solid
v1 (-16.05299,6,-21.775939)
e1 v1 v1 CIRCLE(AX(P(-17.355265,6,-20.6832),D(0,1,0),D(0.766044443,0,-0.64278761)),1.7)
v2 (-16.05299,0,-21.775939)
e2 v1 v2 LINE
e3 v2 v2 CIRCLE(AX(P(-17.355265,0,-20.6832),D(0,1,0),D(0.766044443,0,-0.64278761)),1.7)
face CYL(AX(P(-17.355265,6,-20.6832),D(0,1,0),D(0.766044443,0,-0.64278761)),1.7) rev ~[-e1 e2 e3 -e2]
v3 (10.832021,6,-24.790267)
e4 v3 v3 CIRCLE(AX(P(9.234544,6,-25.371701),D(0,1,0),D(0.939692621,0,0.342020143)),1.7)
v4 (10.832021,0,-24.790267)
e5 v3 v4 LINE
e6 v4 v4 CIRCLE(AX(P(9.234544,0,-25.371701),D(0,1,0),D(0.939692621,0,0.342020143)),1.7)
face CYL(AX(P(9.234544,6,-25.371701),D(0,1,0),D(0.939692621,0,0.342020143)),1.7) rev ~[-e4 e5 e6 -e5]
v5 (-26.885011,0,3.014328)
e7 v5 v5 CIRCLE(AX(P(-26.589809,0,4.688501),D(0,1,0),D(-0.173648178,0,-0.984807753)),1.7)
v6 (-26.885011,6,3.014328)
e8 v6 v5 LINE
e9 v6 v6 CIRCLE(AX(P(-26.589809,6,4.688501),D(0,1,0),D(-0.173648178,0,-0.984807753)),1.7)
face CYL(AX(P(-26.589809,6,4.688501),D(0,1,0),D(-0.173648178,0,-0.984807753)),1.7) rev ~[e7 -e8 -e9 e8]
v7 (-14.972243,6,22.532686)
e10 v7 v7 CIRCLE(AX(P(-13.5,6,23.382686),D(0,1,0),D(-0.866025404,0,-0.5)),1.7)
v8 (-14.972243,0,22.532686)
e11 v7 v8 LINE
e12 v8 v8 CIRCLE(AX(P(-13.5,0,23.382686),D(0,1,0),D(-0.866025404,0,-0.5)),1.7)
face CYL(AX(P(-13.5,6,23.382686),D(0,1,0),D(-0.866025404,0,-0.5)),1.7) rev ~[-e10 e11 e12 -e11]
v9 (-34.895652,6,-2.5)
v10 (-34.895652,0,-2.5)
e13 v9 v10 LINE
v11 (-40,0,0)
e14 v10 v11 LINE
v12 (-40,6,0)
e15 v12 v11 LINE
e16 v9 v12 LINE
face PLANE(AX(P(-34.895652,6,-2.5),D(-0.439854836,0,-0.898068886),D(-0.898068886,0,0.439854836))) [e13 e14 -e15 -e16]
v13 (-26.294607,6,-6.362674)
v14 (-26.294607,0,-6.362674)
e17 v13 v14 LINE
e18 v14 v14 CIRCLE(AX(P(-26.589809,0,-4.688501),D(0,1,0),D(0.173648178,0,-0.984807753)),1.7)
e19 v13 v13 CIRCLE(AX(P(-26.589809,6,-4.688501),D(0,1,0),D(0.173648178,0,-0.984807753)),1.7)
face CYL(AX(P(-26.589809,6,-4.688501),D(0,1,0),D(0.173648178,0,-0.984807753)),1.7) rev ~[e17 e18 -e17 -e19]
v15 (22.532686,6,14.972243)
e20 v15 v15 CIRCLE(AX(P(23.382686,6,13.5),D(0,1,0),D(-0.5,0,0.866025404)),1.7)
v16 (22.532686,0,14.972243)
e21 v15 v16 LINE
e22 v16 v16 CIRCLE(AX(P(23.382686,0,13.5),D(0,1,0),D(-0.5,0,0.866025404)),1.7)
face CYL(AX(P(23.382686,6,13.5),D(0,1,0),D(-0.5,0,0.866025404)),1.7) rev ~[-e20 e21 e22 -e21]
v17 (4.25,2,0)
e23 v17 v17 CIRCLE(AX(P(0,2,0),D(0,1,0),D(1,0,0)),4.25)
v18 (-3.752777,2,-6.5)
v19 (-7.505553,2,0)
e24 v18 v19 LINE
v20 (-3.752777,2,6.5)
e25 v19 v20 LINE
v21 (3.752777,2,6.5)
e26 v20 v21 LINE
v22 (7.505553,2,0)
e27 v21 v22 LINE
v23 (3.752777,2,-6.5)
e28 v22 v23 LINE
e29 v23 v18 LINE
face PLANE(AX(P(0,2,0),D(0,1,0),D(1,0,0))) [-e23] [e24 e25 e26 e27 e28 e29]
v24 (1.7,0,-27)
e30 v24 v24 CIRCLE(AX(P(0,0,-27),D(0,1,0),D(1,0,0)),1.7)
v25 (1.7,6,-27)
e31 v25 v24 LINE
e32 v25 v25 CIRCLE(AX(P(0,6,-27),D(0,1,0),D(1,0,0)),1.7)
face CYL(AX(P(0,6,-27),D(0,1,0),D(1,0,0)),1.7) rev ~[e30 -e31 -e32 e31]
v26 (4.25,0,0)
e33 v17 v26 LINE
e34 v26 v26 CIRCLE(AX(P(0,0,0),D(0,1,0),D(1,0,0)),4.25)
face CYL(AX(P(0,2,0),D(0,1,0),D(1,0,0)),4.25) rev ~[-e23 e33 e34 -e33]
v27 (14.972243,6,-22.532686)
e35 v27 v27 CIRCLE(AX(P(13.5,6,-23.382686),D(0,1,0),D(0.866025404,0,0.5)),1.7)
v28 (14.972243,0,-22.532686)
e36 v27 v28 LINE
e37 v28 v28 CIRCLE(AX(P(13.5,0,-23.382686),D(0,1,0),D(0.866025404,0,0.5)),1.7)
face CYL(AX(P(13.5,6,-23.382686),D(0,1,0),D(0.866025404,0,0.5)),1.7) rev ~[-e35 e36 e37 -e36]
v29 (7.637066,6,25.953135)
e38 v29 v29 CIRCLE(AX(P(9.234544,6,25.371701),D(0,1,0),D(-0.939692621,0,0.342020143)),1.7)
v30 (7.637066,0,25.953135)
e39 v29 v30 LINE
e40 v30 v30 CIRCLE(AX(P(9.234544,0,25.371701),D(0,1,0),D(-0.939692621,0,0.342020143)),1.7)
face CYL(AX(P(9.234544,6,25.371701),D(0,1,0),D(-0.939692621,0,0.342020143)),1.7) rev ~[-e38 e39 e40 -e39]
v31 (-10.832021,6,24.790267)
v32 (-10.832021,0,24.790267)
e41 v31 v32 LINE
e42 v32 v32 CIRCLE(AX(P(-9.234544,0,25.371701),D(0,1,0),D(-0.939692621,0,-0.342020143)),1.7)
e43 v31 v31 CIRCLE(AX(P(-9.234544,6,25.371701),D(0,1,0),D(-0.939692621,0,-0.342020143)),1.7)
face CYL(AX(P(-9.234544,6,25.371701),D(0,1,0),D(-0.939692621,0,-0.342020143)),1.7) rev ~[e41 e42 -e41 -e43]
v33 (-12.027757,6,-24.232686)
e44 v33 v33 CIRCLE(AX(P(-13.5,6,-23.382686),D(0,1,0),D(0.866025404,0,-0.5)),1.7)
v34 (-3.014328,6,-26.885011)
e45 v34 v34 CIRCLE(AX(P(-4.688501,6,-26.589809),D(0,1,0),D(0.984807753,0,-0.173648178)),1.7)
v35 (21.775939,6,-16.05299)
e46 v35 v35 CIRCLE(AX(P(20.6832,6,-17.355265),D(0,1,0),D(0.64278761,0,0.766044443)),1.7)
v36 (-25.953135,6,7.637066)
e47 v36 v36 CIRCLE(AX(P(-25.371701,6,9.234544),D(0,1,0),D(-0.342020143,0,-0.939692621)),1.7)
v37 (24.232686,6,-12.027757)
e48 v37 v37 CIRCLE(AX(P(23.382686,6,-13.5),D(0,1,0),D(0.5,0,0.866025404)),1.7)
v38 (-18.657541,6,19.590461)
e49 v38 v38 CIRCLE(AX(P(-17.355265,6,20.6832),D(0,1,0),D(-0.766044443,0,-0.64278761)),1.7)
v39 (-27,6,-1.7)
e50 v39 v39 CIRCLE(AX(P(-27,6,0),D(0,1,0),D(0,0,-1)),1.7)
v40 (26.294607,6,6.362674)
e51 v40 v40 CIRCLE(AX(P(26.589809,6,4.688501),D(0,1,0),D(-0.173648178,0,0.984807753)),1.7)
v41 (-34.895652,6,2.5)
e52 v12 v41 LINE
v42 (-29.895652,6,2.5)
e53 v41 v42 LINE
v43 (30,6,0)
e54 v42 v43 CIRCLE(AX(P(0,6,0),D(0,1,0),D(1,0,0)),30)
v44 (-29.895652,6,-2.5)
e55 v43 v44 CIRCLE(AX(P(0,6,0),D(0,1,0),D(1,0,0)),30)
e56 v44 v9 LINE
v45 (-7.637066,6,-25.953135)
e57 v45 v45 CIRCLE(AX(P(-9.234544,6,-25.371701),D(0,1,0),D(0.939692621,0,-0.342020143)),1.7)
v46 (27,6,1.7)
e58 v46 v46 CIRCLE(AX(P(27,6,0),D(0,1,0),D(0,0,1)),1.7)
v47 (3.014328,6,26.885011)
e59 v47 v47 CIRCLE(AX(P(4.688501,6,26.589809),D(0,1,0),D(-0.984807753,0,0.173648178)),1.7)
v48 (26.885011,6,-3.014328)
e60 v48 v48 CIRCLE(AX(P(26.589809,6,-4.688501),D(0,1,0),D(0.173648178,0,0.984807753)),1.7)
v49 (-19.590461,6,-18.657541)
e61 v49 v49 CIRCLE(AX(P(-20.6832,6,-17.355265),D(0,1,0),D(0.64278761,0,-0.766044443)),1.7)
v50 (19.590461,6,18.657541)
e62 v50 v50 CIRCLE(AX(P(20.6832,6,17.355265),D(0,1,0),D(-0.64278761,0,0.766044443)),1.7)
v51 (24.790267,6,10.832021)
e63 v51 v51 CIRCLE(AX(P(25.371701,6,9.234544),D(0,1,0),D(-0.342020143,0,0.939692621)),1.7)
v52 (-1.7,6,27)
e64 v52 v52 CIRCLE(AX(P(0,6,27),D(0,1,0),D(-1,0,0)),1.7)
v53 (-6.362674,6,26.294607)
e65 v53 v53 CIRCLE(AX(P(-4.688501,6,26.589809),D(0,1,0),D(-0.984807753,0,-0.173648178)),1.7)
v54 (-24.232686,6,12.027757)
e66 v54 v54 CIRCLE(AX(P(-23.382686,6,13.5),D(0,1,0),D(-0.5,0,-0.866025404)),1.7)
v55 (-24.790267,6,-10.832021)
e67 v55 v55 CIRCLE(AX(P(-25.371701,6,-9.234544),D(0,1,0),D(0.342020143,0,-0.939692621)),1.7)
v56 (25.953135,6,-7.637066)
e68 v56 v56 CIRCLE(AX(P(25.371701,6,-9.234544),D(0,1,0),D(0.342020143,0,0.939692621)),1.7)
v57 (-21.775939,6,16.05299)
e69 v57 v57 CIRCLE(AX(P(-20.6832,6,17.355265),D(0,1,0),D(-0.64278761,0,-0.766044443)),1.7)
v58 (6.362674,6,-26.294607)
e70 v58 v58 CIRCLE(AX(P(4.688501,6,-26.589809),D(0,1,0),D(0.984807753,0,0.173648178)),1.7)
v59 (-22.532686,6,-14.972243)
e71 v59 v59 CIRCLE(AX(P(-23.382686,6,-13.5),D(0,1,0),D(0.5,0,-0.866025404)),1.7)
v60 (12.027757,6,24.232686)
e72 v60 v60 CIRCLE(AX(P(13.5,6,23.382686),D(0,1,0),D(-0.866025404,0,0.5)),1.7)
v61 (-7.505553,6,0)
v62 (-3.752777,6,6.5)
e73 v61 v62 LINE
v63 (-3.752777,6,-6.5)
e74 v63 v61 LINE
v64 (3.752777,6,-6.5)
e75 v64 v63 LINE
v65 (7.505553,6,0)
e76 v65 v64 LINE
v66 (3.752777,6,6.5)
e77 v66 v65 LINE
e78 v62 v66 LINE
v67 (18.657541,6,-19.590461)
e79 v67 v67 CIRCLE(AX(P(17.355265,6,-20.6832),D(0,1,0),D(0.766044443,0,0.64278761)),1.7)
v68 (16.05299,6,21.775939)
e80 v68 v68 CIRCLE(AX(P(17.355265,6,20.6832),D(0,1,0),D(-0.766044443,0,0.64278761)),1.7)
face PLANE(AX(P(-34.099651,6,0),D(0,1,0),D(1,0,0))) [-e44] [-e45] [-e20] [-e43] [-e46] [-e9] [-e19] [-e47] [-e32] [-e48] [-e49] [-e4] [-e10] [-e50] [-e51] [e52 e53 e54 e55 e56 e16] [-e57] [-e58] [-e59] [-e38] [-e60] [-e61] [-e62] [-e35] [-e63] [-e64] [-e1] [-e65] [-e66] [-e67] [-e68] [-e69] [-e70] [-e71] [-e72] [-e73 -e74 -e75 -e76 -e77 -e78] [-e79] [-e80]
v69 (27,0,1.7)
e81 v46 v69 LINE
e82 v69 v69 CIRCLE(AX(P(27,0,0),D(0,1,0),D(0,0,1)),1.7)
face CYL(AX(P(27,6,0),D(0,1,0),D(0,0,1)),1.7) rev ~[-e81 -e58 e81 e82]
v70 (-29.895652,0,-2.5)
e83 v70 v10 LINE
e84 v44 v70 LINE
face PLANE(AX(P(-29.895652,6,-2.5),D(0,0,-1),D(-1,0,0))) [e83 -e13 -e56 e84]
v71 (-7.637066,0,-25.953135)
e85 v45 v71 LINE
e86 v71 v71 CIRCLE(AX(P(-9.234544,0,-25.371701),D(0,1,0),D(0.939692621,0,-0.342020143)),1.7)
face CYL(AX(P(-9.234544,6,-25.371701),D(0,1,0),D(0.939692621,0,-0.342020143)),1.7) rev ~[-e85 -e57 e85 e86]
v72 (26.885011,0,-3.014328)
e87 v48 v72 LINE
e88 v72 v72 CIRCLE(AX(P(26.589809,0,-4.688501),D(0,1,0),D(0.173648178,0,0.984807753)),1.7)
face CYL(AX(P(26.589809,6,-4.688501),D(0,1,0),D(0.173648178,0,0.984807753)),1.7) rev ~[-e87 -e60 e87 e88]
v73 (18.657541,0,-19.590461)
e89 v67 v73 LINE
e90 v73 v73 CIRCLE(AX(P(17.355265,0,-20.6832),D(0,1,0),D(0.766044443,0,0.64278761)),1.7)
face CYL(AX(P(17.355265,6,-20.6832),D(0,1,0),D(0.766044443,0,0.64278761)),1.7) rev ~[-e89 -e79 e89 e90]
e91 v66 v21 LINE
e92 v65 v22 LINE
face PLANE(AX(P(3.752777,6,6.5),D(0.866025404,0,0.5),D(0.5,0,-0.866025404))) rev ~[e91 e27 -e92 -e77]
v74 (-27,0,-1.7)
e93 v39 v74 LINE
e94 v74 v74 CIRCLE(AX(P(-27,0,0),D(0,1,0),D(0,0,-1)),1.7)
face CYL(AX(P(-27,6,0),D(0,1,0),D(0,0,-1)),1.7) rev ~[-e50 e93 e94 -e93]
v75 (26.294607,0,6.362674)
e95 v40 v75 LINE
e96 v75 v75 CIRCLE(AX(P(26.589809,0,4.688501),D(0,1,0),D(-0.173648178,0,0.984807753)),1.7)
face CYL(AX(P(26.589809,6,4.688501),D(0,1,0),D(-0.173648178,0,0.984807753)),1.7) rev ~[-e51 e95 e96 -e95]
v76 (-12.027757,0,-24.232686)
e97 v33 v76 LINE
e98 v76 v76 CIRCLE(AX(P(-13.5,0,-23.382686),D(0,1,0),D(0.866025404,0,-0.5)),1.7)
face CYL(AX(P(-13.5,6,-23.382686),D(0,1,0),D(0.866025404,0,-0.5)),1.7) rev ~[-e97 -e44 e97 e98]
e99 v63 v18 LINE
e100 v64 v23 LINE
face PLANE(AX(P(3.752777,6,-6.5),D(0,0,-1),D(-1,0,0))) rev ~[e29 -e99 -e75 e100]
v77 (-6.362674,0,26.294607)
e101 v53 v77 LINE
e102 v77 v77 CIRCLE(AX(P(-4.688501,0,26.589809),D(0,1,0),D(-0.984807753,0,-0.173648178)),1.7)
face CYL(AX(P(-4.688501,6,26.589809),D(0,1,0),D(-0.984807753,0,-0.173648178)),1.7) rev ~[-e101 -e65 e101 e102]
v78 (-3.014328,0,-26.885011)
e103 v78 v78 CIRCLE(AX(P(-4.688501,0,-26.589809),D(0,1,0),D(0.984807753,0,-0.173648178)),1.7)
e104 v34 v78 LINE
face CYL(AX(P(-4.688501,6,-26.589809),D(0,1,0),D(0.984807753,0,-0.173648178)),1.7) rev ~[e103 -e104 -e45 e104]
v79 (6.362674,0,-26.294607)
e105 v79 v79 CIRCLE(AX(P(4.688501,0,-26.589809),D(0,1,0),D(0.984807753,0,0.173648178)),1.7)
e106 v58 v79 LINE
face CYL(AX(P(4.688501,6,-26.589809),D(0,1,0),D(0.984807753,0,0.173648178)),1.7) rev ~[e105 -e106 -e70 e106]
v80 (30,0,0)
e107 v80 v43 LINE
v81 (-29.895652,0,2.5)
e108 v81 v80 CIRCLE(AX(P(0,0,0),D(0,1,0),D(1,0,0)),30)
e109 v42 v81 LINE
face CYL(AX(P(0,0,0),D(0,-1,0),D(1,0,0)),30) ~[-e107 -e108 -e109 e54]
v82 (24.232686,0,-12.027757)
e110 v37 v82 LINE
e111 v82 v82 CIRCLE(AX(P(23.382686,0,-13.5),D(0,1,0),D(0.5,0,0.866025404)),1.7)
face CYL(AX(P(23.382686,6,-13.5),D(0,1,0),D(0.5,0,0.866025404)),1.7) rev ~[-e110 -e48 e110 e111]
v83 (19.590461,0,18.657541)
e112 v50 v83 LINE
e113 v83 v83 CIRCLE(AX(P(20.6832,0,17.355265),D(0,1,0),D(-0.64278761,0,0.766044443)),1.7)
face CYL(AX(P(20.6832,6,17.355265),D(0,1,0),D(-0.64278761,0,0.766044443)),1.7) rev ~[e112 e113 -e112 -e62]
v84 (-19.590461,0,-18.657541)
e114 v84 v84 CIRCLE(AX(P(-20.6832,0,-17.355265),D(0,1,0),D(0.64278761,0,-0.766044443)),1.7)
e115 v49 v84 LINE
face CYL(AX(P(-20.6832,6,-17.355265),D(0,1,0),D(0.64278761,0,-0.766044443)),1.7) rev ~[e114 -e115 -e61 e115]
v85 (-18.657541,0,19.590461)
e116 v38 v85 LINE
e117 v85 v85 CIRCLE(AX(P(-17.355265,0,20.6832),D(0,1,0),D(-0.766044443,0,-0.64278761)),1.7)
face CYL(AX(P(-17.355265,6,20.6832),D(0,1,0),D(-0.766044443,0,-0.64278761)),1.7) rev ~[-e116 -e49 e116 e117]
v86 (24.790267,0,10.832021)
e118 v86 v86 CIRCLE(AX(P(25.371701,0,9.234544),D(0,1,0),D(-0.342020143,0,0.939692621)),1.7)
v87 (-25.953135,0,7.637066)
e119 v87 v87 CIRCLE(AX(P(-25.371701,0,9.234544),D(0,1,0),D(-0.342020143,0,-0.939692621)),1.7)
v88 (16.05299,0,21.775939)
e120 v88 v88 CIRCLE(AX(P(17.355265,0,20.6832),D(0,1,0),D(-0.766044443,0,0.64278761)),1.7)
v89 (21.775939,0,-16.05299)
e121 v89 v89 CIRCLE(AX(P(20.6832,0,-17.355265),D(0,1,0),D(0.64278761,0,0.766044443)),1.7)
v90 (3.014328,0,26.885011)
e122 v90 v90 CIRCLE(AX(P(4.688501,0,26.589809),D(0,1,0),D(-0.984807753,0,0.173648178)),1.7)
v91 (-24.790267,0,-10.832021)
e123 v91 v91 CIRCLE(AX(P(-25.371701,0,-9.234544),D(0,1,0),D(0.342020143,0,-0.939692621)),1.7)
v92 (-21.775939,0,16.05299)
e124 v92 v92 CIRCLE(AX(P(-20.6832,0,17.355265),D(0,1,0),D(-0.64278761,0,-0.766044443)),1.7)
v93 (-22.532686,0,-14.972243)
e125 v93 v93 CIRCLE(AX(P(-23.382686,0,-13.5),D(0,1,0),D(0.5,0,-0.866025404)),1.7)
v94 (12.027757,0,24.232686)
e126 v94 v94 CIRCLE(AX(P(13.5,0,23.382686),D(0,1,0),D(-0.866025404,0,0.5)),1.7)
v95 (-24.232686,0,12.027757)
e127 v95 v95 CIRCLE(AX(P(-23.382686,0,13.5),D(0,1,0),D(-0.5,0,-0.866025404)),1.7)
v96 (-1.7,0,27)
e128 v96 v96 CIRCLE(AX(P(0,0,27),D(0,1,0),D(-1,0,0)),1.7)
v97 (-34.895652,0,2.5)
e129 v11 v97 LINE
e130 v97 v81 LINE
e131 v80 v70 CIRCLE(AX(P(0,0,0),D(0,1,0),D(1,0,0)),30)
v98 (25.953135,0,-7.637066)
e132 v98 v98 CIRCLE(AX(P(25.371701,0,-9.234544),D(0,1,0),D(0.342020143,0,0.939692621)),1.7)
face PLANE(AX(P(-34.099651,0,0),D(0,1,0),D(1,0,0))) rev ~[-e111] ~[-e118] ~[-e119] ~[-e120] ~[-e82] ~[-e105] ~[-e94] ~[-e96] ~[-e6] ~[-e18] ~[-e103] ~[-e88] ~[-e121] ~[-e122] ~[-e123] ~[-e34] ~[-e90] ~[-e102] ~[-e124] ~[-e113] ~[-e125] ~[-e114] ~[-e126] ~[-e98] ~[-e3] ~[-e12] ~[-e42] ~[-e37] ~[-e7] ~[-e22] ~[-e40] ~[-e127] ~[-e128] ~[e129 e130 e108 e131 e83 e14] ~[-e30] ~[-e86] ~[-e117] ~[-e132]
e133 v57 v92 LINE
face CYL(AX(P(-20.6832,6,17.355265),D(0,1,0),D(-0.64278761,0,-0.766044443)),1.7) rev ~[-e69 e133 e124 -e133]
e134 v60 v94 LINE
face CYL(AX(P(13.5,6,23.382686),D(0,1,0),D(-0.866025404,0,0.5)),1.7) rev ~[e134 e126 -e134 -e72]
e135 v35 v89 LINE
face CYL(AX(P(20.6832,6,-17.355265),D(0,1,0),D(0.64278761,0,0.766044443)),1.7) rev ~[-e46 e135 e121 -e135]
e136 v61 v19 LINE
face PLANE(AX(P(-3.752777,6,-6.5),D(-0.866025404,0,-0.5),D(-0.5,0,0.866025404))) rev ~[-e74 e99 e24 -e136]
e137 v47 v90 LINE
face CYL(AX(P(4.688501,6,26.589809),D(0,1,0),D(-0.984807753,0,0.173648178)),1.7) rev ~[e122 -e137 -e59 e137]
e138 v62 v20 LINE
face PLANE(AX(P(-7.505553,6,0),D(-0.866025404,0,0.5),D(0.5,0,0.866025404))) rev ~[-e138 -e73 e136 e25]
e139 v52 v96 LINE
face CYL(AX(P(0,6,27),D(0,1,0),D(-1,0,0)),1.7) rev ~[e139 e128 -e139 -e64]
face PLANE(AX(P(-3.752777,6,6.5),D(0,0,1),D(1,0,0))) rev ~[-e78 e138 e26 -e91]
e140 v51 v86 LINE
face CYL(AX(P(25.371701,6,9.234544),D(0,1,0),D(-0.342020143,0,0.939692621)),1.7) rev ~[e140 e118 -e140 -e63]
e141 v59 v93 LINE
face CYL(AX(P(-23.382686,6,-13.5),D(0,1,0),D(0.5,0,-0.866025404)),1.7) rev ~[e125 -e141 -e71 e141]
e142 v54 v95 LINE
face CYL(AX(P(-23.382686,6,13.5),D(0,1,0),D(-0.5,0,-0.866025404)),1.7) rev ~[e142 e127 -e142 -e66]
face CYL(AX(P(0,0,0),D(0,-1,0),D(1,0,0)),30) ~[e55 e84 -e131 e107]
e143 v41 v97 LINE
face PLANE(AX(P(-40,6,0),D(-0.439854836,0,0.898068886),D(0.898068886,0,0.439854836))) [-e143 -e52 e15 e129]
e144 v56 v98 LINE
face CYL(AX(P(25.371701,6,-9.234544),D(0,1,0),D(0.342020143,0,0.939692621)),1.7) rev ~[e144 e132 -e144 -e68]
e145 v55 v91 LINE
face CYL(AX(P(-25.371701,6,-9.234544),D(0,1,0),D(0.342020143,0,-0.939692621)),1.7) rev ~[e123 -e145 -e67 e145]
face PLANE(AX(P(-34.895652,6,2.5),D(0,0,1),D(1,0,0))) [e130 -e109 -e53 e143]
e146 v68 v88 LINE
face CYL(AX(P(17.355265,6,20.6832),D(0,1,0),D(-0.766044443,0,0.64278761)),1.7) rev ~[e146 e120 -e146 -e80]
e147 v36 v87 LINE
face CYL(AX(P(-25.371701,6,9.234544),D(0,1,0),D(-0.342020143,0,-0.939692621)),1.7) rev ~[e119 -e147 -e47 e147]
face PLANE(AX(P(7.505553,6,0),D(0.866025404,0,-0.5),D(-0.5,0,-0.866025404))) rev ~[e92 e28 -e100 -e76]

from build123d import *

# Parameters (mm, degrees)
SKETCH1_R           = 30
BOSS_EXTRUDE1_DEPTH = 6
CUT_EXTRUDE1_DEPTH  = 4
SKETCH3_R           = 1.7
CUT_EXTRUDE2_DEPTH  = 7
CIRPATTERN1_COUNT   = 36
SKETCH4_R           = 4.25
CUT_EXTRUDE3_DEPTH  = 3
BOSS_EXTRUDE2_DEPTH = 6


with BuildPart() as part:
    # Sketch1 → Boss-Extrude1 (new body)
    with BuildSketch(Plane(origin=(0, 0, 0), x_dir=(1, 0, 0), z_dir=(0, 1, 0))):
        Circle(SKETCH1_R)
    extrude(amount=BOSS_EXTRUDE1_DEPTH)

    # Sketch2 → Cut-Extrude1 (cut)
    with BuildSketch(Plane(origin=(0, 6, 0), x_dir=(1, 0, 0), z_dir=(0, 1, 0))):
        Polygon((3.75277675, 6.5), (-3.75277675, 6.5), (-7.505553499, 0), (-3.75277675, -6.5), (3.75277675, -6.5), (7.505553499, 0), align=None)
    extrude(amount=-CUT_EXTRUDE1_DEPTH, mode=Mode.SUBTRACT)

    # Sketch3 → Cut-Extrude2 (cut, through all)
    with BuildSketch(Plane(origin=(0, 6, 0), x_dir=(1, 0, 0), z_dir=(0, 1, 0))):
        with Locations((0, 27)):
            Circle(SKETCH3_R)
    cut_extrude2 = extrude(amount=-CUT_EXTRUDE2_DEPTH, mode=Mode.SUBTRACT)

    # CirPattern1: Cut-Extrude2 ×36 about axis
    cirpattern1_axis = Axis((0, 0, 0), (0, 1, 0))
    for i in range(1, CIRPATTERN1_COUNT):
        add(cut_extrude2.rotate(cirpattern1_axis, i * 360 / CIRPATTERN1_COUNT), mode=Mode.SUBTRACT)

    # Sketch4 → Cut-Extrude3 (cut, through all)
    with BuildSketch(Plane(origin=(0, 2, 0), x_dir=(1, 0, 0), z_dir=(0, 1, 0))):
        Circle(SKETCH4_R)
    extrude(amount=-CUT_EXTRUDE3_DEPTH, mode=Mode.SUBTRACT)

    # Sketch5 → Boss-Extrude2 (add)
    with BuildSketch(Plane(origin=(0, 6, 0), x_dir=(1, 0, 0), z_dir=(0, 1, 0))):
        Polygon((-34.895651858, 2.5), (-40, 0), (-34.895651858, -2.5), (-29.895651858, -2.5), (-29.895651858, 2.5), align=None)
    extrude(amount=-BOSS_EXTRUDE2_DEPTH)


solid = part.part
